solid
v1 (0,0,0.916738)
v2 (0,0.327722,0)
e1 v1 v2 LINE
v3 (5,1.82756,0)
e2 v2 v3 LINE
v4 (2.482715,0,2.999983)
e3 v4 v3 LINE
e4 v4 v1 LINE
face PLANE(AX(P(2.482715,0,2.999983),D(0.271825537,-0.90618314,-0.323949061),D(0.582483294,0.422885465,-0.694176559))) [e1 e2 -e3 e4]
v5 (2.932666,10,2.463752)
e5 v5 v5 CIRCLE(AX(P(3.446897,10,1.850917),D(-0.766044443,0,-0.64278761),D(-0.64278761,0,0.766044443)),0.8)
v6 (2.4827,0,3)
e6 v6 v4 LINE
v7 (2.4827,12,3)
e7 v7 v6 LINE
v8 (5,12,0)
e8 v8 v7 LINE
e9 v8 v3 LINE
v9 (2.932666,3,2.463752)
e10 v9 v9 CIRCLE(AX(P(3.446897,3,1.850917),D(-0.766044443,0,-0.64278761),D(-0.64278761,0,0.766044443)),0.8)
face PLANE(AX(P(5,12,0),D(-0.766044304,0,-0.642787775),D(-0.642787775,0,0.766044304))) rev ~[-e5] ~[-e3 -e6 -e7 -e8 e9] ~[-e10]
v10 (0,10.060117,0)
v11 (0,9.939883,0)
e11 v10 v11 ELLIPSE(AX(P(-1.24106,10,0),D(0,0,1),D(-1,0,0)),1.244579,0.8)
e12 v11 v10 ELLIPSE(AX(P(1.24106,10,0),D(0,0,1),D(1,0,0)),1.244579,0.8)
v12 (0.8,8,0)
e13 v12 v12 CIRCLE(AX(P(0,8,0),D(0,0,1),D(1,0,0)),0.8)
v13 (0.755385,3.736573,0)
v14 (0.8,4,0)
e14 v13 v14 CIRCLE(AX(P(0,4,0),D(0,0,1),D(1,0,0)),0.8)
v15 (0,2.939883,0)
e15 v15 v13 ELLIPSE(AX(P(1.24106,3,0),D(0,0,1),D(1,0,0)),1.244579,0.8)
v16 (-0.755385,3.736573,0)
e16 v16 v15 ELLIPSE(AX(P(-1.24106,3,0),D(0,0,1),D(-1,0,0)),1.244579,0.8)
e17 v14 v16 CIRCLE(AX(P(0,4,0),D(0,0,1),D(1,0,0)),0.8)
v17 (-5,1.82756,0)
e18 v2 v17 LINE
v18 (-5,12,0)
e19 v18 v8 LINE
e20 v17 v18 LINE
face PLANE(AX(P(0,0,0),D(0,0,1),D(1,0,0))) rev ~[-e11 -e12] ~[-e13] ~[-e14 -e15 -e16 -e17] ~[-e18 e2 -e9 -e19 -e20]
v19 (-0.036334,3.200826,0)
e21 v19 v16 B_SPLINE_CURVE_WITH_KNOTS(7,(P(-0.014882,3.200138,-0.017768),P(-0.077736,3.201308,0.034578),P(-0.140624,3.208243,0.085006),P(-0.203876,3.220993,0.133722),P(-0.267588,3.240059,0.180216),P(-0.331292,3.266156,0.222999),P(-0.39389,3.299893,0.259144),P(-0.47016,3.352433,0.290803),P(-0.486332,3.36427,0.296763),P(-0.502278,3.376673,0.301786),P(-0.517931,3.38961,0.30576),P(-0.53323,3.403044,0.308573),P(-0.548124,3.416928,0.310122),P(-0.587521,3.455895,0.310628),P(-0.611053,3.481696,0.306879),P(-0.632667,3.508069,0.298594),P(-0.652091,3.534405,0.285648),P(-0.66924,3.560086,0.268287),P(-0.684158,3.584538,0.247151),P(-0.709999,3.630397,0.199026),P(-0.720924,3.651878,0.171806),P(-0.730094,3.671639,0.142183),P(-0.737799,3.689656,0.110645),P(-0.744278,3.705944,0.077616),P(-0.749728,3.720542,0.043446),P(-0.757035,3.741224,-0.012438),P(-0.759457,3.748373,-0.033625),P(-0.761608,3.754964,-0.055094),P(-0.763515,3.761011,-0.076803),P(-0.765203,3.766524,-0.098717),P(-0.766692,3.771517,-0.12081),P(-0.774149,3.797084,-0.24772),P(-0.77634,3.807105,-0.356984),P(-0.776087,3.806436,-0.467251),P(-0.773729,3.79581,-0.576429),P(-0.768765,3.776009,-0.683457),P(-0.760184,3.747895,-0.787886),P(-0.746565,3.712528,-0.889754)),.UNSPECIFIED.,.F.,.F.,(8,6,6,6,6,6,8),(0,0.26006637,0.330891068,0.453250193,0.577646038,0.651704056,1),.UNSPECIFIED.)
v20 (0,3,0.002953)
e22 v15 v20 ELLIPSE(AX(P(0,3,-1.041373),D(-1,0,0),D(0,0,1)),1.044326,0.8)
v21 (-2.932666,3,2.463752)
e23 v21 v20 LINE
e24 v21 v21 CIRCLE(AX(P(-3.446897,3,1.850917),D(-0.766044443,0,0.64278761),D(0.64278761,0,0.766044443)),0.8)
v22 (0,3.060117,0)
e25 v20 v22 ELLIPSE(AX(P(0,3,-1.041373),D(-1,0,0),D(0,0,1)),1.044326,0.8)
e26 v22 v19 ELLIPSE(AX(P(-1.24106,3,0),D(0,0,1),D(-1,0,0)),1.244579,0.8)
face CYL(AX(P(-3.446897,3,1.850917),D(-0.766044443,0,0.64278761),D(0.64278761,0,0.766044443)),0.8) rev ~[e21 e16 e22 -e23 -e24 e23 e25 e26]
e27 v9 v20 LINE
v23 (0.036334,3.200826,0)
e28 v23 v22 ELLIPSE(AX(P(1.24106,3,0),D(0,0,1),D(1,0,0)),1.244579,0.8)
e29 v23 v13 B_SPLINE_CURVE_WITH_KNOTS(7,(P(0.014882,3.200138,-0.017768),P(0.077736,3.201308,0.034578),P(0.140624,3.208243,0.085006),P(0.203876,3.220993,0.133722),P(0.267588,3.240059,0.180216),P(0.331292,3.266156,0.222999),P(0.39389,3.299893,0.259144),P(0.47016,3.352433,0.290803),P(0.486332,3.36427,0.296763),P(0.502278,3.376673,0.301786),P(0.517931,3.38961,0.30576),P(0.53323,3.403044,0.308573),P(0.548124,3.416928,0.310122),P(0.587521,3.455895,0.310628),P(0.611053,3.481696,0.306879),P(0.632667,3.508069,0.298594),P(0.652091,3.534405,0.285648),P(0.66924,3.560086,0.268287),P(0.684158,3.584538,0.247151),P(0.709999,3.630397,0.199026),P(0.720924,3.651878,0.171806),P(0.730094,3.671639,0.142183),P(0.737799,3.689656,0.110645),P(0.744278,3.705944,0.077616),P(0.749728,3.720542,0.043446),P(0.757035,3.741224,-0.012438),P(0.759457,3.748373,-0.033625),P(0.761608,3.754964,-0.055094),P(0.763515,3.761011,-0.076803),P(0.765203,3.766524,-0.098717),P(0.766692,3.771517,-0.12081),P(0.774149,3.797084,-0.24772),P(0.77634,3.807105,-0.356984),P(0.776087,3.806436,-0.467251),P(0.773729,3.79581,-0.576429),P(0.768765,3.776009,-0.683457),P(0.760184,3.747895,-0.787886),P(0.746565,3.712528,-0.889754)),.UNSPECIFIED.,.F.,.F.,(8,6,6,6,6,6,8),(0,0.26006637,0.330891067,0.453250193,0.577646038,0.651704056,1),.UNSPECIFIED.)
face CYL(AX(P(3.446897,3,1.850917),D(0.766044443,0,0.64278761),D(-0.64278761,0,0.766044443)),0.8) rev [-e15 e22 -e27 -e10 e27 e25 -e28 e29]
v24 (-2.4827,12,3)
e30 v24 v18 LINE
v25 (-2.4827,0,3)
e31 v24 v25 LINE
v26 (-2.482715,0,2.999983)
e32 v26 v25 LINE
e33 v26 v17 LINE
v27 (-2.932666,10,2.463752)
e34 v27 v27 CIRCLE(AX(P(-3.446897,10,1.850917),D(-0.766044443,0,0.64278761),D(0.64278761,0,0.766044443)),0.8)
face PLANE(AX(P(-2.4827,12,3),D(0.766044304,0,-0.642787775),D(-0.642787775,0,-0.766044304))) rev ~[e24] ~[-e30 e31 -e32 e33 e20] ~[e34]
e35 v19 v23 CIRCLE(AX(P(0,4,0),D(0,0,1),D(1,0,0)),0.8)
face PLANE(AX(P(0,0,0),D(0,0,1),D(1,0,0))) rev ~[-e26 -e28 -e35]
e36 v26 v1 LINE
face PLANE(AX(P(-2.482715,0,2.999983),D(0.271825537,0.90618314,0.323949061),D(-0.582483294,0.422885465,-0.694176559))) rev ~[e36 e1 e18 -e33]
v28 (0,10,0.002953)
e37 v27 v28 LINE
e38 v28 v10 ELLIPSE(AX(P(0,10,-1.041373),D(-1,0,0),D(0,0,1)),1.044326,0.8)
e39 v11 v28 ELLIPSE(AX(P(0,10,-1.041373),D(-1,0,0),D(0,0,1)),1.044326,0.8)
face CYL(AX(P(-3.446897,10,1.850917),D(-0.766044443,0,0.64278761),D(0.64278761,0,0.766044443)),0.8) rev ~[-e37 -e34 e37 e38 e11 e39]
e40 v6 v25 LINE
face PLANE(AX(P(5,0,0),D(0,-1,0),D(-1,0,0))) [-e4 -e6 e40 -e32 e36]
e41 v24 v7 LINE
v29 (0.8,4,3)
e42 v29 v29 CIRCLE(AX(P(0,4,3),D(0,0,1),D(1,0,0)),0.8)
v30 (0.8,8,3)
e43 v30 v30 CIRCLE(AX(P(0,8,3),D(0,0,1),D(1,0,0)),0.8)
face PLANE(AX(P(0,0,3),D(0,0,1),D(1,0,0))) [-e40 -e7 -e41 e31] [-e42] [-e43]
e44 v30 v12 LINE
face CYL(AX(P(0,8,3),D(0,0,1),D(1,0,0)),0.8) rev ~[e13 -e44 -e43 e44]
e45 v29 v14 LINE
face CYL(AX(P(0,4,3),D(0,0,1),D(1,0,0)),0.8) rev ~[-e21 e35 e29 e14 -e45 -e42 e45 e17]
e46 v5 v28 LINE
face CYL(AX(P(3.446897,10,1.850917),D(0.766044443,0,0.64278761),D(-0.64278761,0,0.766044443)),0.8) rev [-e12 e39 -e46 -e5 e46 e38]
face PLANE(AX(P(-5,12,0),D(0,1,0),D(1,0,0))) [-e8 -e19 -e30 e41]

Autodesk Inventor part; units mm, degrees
ref_plane "YZ Plane" through (0, 0, 0) normal (1, 0, 0) x (0, 1, 0)
ref_plane "XZ Plane" through (0, 0, 0) normal (0, 1, 0) x (-1, 0, 0)
ref_plane "XY Plane" through (0, 0, 0) normal (0, 0, 1) x (1, 0, 0)
sketch "スケッチ1" plane through (0, 0, 0) normal (0, 0, 1) x (1, 0, 0)
  line L0 (-5, 12) -> (5, 12)
  line L1 (5, 12) -> (5, 0)
  line L2 (5, 0) -> (-5, 0)
  line L3 (-5, 0) -> (-5, 12)
  line L4 (-8.0749, 12) -> (-5, 12) construction
  point P0 (0, 0)
  point P1 (0, 12)
  point P2 (0, 0)
  dimension "d0" = 12
  dimension "d1" = 10
  dimension "d2" = 10
extrude "押し出し1" add sketch "スケッチ1" along normal blind 3
sketch "スケッチ2" plane through (-5, 12, 0) normal (0, 1, 0) x (1, 0, 0)
  line L0 (0, -3) -> (10, -3) projected
  line L1 (0, 0) -> (10, 0) projected
  line L2 (2.5173, -3) -> (0, 0)
  line L3 (10, 0) -> (7.4827, -3)
  line L4 (0, 0) -> (0, -3) projected
  line L5 (10, 0) -> (10, -3) projected
  point P0 (5, 0)
  dimension "d5" = 80
  dimension "d6" = 40
  dimension "d7" = 40
extrude "押し出し2" cut sketch "スケッチ2" against normal through all contours L4 L2 L0 | L3 L5 L0
sketch "スケッチ3" plane through (-5, 0, 0) normal (-0.766, 0, 0.6428) x (0.6428, 0, 0.766)
  line L0 (3.9162, 0) -> (0, 0) projected
  line L1 (3.9162, 12) -> (3.9162, 0) projected
  line L2 (0, 12) -> (3.9162, 12) projected
  line L3 (0, 12) -> (0, 0) projected
  line L4 (3.9162, 0) -> (7.1079, 0) projected
  line L5 (3.9162, 0) -> (-11.0838, 7)
  point P0 (3.2139, 0)
  point P1 (0, 1.8276)
  dimension "d10" = 15
  dimension "d11" = 7
extrude "押し出し3" cut sketch "スケッチ3" against normal through all contours L0 L3 L5
sketch "スケッチ4" plane through (5, 0, 0) normal (0.766, 0, 0.6428) x (0.6428, 0, -0.766)
  line L0 (0, 0) -> (-3.9162, 0) projected
  line L1 (0, 0) -> (0, 12) projected
  line L2 (-3.9162, 12) -> (0, 12) projected
  line L3 (-3.9162, 0) -> (-3.9162, 12) projected
  line L4 (-3.9162, 0) -> (11.0838, 7)
  point P0 (-3.2139, 0)
  point P1 (0, 1.8276)
  dimension "d14" = 15
  dimension "d15" = 7
extrude "押し出し4" cut sketch "スケッチ4" against normal through all contours L0 L4 L1
sketch "スケッチ13" plane through (-5, 1.8276, 0) normal (-0.766, 0, 0.6428) x (0.6428, 0, 0.766)
  circle A0 centre (2.4162, 8.1724) radius 0.8 projected
  circle A1 centre (2.4162, 1.1724) radius 0.8 projected
  point P0 (3.2139, -1.8276)
extrude "押し出し13" cut sketch "スケッチ13" against normal through all
mirror "ミラー1" about plane through (0, 0, 0) normal (1, 0, 0) of "押し出し13"
sketch "スケッチ15" plane through (0, 0, 3) normal (0, 0, 1) x (1, 0, 0)
  line L0 (-2.4827, 0) -> (2.4827, 0) projected
  line L1 (2.4827, 12) -> (-2.4827, 12) projected
  circle A0 centre (0, 4) radius 0.8
  circle A1 centre (0, 8) radius 0.8
  point P0 (0, 0)
  point P1 (0, 0)
  dimension "d44" = 1.6
  dimension "d45" = 1.6
  dimension "d46" = 4
  dimension "d47" = 4
  dimension "d49" = 4
extrude "押し出し14" cut sketch "スケッチ15" against normal through all
equation "\"d6\" = d7"
equation "\"d47\" = d49"
properties part number "antana_middle"
